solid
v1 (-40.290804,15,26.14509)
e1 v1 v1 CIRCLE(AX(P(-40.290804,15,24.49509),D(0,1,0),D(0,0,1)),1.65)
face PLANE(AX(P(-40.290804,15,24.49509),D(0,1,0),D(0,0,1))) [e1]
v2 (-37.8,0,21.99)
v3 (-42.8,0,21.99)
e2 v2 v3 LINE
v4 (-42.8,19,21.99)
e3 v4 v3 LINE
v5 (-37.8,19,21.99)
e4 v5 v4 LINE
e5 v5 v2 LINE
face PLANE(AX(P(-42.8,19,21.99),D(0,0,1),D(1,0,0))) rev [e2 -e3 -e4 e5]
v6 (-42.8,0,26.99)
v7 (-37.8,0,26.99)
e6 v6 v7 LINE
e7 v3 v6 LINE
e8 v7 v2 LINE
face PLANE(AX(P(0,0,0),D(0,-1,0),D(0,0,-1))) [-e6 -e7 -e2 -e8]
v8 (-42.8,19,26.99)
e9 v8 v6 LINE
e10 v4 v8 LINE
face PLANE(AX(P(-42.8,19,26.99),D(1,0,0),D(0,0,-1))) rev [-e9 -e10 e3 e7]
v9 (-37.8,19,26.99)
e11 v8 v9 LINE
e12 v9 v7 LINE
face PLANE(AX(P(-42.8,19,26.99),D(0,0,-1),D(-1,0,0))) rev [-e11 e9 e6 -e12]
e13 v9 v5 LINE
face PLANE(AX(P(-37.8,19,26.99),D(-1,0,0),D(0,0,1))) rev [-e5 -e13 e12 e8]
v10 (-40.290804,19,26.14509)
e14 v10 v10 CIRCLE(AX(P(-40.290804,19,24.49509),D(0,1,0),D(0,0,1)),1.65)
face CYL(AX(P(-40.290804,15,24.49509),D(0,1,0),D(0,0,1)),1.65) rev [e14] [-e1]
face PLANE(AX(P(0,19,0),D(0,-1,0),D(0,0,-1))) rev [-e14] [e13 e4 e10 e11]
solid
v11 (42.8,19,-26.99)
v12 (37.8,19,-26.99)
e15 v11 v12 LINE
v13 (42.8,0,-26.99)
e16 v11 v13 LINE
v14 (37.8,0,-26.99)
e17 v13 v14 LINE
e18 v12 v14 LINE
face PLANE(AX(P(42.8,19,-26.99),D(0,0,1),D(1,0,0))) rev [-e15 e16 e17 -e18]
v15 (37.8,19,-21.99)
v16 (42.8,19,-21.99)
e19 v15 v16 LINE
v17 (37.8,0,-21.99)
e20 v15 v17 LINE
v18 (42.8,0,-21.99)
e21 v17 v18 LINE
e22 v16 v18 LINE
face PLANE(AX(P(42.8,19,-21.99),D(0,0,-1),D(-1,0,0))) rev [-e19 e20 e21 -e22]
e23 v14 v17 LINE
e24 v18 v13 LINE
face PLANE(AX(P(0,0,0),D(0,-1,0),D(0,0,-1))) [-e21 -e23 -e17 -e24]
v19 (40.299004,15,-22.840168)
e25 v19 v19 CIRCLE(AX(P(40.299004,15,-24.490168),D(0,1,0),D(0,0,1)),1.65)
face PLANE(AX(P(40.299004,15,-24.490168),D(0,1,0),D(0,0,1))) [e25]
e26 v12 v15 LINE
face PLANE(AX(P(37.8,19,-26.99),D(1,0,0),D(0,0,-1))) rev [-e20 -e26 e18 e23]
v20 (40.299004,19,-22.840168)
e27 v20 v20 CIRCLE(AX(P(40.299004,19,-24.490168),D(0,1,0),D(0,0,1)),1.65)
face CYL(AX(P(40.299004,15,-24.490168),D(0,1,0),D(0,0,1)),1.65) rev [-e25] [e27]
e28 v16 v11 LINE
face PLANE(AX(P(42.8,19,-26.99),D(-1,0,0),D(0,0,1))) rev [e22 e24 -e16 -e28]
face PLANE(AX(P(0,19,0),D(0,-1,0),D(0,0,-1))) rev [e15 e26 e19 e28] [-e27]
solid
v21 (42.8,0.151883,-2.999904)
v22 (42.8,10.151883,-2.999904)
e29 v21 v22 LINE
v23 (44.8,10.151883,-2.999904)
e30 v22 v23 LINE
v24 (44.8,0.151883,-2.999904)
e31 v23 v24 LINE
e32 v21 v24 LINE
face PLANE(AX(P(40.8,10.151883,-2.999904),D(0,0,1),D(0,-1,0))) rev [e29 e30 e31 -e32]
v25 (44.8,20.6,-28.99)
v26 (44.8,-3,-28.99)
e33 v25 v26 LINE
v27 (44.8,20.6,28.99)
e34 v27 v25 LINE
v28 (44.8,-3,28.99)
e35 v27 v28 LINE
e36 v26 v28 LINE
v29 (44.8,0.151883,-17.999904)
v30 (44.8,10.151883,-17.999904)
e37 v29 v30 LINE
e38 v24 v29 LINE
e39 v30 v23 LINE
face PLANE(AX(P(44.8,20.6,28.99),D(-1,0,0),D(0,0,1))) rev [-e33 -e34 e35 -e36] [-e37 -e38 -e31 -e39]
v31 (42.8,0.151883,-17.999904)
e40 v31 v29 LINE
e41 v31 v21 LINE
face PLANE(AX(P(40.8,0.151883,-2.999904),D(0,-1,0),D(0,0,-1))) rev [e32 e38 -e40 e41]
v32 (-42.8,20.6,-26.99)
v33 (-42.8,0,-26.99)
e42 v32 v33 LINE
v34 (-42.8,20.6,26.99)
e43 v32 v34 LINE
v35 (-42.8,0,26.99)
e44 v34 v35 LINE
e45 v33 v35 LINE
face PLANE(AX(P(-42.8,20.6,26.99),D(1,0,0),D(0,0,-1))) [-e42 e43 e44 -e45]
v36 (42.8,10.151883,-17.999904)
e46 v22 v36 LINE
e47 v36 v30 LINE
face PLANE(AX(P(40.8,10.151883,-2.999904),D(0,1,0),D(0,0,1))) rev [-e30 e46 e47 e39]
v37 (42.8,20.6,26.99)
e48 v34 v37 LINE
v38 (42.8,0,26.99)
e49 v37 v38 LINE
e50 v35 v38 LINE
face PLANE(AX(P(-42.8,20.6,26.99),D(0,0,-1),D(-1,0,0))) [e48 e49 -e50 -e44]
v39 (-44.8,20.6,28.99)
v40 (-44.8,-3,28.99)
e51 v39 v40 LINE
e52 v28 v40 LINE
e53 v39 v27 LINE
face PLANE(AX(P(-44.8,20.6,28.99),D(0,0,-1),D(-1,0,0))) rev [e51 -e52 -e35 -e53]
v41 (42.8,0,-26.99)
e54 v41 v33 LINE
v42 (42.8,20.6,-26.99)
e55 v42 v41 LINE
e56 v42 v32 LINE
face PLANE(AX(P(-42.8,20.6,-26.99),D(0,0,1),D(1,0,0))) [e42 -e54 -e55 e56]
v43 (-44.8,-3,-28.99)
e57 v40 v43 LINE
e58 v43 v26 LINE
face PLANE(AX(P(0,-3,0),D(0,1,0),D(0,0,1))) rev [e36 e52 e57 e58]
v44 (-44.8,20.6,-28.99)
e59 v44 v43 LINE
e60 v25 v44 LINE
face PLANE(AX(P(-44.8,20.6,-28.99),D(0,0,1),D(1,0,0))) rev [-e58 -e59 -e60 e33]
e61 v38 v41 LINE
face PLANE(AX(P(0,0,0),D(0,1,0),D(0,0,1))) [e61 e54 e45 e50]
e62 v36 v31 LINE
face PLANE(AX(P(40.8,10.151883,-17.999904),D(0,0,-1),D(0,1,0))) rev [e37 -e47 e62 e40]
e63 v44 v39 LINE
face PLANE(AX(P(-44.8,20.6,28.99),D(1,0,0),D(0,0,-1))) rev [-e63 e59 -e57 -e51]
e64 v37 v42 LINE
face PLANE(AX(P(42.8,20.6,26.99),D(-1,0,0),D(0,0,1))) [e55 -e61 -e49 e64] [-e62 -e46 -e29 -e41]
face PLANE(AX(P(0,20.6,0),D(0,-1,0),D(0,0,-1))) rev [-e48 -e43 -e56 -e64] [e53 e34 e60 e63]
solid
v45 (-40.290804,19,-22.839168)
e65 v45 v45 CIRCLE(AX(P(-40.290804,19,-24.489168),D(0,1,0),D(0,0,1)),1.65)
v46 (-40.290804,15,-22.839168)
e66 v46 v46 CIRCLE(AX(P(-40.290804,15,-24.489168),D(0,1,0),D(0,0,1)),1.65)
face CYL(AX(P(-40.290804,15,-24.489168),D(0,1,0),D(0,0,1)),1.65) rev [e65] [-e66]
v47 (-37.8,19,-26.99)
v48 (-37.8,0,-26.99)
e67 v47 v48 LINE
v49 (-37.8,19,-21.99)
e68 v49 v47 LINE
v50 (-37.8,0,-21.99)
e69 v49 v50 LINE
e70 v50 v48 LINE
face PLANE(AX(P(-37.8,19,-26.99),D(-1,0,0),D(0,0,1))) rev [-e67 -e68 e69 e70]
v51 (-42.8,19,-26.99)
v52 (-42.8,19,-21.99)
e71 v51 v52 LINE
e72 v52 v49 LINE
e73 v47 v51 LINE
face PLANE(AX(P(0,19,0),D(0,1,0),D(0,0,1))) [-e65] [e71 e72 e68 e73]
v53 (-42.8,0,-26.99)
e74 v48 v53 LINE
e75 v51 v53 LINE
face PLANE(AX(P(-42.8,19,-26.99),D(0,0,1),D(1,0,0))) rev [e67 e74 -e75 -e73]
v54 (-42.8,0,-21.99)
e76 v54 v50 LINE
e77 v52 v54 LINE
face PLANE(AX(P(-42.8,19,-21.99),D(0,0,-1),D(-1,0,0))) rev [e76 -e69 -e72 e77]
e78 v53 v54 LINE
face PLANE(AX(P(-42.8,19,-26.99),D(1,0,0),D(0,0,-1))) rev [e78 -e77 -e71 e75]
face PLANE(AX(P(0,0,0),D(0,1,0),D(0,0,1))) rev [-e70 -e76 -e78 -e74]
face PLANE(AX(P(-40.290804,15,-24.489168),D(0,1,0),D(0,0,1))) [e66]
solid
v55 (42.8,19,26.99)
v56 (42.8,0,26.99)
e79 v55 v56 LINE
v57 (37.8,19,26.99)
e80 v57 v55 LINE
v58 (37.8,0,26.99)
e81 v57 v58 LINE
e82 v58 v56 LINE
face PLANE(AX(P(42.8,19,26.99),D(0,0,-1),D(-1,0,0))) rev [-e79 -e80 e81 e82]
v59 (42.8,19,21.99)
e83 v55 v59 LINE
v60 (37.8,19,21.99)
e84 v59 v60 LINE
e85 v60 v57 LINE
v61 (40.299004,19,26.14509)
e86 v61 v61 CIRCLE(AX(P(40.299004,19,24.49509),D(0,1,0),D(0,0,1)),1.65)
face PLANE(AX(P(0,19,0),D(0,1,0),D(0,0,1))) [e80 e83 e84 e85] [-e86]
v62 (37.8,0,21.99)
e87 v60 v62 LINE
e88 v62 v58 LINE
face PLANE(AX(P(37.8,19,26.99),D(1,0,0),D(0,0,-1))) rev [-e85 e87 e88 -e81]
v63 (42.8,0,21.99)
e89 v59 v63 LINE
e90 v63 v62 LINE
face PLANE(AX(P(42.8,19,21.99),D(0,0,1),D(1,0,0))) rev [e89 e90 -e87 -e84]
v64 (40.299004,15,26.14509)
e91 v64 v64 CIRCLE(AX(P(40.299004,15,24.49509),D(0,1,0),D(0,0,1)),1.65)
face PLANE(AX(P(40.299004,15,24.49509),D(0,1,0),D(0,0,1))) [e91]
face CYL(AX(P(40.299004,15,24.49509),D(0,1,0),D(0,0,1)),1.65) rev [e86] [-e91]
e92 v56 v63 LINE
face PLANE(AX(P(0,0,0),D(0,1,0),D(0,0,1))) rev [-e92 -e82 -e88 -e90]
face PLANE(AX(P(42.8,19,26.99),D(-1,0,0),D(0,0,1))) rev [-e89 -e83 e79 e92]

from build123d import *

# Parameters (mm, degrees)
SKETCH1_W             = 89.6
SKETCH1_H             = 57.98
SKETCH1_W_2           = 85.6
SKETCH1_H_2           = 53.98
BOSS_EXTRUDE1_DEPTH   = 20.6
SKETCH2_W             = 89.6
SKETCH2_H             = 57.98
BOSS_EXTRUDE2_DEPTH   = 3
SKETCH3_W             = 5
SKETCH3_H             = 5
BOSS_EXTRUDE3_DEPTH   = 19
BOSS_EXTRUDE3_2_DEPTH = 19
BOSS_EXTRUDE3_3_DEPTH = 19
BOSS_EXTRUDE3_4_DEPTH = 19
SKETCH4_R             = 1.65
CUT_EXTRUDE2_DEPTH    = 4
SKETCH5_W             = 15
SKETCH5_H             = 10
CUT_EXTRUDE3_DEPTH    = 4


with BuildPart() as part:
    # Sketch1 → Boss-Extrude1 (new body)
    with BuildSketch(Plane(origin=(0, 0, 0), x_dir=(1, 0, 0), z_dir=(0, 1, 0))):
        Rectangle(SKETCH1_W, SKETCH1_H)
        Rectangle(SKETCH1_W_2, SKETCH1_H_2, mode=Mode.SUBTRACT)
    extrude(amount=BOSS_EXTRUDE1_DEPTH)

    # Sketch2 → Boss-Extrude2 (add)
    with BuildSketch(Plane.XZ):
        Rectangle(SKETCH2_W, SKETCH2_H)
    extrude(amount=BOSS_EXTRUDE2_DEPTH)

    # Sketch5 → Cut-Extrude3 (cut)
    with BuildSketch(Plane(origin=(44.8, 0, 0), x_dir=(0, 0, -1), z_dir=(1, 0, 0))):
        with Locations((10.49990384, 5.151883102)):
            Rectangle(SKETCH5_W, SKETCH5_H)
    extrude(amount=-CUT_EXTRUDE3_DEPTH, mode=Mode.SUBTRACT)


with BuildPart() as body_2:
    # Sketch3 → Boss-Extrude3 (new body)
    with BuildSketch(Plane(origin=(0, 0, 0), x_dir=(1, 0, 0), z_dir=(0, 1, 0))):
        with Locations((40.3, 24.49)):
            Rectangle(SKETCH3_W, SKETCH3_H)
    extrude(amount=BOSS_EXTRUDE3_DEPTH)


with BuildPart() as body_3:
    # Sketch3 → Boss-Extrude3 2 (new body)
    with BuildSketch(Plane(origin=(0, 0, 0), x_dir=(1, 0, 0), z_dir=(0, 1, 0))):
        with Locations((-40.3, 24.49)):
            Rectangle(SKETCH3_W, SKETCH3_H)
    extrude(amount=BOSS_EXTRUDE3_2_DEPTH)


with BuildPart() as body_4:
    # Sketch3 → Boss-Extrude3 3 (new body)
    with BuildSketch(Plane(origin=(0, 0, 0), x_dir=(1, 0, 0), z_dir=(0, 1, 0))):
        with Locations((-40.3, -24.49)):
            Rectangle(SKETCH3_W, SKETCH3_H)
    extrude(amount=BOSS_EXTRUDE3_3_DEPTH)


with BuildPart() as body_5:
    # Sketch3 → Boss-Extrude3 4 (new body)
    with BuildSketch(Plane(origin=(0, 0, 0), x_dir=(1, 0, 0), z_dir=(0, 1, 0))):
        with Locations((40.3, -24.49)):
            Rectangle(SKETCH3_W, SKETCH3_H)
    extrude(amount=BOSS_EXTRUDE3_4_DEPTH)


with BuildPart() as cut_extrude2_tool:
    # Sketch4 → Cut-Extrude2 (new body)
    with BuildSketch(Plane(origin=(0, 19, 0), x_dir=(1, 0, 0), z_dir=(0, 1, 0))):
        with Locations(Location((-40.2908036, 24.48916763, 0), (0, 0, 270))):
            Circle(SKETCH4_R)
        with Locations(Location((40.29900386, 24.49016763, 0), (0, 0, 270))):
            Circle(SKETCH4_R)
        with Locations(Location((40.29900386, -24.49509047, 0), (0, 0, 270))):
            Circle(SKETCH4_R)
        with Locations(Location((-40.2908036, -24.49509047, 0), (0, 0, 270))):
            Circle(SKETCH4_R)
    extrude(amount=-CUT_EXTRUDE2_DEPTH)


with BuildPart() as body_2_1:
    add(body_2.part)

    # Cut-Extrude2: cut by cut_extrude2_tool
    add(cut_extrude2_tool.part, mode=Mode.SUBTRACT)


with BuildPart() as body_3_1:
    add(body_3.part)

    # Cut-Extrude2: cut by cut_extrude2_tool
    add(cut_extrude2_tool.part, mode=Mode.SUBTRACT)


with BuildPart() as body_4_1:
    add(body_4.part)

    # Cut-Extrude2: cut by cut_extrude2_tool
    add(cut_extrude2_tool.part, mode=Mode.SUBTRACT)


with BuildPart() as body_5_1:
    add(body_5.part)

    # Cut-Extrude2: cut by cut_extrude2_tool
    add(cut_extrude2_tool.part, mode=Mode.SUBTRACT)


solid = Compound([part.part, body_2_1.part, body_3_1.part, body_4_1.part, body_5_1.part])
